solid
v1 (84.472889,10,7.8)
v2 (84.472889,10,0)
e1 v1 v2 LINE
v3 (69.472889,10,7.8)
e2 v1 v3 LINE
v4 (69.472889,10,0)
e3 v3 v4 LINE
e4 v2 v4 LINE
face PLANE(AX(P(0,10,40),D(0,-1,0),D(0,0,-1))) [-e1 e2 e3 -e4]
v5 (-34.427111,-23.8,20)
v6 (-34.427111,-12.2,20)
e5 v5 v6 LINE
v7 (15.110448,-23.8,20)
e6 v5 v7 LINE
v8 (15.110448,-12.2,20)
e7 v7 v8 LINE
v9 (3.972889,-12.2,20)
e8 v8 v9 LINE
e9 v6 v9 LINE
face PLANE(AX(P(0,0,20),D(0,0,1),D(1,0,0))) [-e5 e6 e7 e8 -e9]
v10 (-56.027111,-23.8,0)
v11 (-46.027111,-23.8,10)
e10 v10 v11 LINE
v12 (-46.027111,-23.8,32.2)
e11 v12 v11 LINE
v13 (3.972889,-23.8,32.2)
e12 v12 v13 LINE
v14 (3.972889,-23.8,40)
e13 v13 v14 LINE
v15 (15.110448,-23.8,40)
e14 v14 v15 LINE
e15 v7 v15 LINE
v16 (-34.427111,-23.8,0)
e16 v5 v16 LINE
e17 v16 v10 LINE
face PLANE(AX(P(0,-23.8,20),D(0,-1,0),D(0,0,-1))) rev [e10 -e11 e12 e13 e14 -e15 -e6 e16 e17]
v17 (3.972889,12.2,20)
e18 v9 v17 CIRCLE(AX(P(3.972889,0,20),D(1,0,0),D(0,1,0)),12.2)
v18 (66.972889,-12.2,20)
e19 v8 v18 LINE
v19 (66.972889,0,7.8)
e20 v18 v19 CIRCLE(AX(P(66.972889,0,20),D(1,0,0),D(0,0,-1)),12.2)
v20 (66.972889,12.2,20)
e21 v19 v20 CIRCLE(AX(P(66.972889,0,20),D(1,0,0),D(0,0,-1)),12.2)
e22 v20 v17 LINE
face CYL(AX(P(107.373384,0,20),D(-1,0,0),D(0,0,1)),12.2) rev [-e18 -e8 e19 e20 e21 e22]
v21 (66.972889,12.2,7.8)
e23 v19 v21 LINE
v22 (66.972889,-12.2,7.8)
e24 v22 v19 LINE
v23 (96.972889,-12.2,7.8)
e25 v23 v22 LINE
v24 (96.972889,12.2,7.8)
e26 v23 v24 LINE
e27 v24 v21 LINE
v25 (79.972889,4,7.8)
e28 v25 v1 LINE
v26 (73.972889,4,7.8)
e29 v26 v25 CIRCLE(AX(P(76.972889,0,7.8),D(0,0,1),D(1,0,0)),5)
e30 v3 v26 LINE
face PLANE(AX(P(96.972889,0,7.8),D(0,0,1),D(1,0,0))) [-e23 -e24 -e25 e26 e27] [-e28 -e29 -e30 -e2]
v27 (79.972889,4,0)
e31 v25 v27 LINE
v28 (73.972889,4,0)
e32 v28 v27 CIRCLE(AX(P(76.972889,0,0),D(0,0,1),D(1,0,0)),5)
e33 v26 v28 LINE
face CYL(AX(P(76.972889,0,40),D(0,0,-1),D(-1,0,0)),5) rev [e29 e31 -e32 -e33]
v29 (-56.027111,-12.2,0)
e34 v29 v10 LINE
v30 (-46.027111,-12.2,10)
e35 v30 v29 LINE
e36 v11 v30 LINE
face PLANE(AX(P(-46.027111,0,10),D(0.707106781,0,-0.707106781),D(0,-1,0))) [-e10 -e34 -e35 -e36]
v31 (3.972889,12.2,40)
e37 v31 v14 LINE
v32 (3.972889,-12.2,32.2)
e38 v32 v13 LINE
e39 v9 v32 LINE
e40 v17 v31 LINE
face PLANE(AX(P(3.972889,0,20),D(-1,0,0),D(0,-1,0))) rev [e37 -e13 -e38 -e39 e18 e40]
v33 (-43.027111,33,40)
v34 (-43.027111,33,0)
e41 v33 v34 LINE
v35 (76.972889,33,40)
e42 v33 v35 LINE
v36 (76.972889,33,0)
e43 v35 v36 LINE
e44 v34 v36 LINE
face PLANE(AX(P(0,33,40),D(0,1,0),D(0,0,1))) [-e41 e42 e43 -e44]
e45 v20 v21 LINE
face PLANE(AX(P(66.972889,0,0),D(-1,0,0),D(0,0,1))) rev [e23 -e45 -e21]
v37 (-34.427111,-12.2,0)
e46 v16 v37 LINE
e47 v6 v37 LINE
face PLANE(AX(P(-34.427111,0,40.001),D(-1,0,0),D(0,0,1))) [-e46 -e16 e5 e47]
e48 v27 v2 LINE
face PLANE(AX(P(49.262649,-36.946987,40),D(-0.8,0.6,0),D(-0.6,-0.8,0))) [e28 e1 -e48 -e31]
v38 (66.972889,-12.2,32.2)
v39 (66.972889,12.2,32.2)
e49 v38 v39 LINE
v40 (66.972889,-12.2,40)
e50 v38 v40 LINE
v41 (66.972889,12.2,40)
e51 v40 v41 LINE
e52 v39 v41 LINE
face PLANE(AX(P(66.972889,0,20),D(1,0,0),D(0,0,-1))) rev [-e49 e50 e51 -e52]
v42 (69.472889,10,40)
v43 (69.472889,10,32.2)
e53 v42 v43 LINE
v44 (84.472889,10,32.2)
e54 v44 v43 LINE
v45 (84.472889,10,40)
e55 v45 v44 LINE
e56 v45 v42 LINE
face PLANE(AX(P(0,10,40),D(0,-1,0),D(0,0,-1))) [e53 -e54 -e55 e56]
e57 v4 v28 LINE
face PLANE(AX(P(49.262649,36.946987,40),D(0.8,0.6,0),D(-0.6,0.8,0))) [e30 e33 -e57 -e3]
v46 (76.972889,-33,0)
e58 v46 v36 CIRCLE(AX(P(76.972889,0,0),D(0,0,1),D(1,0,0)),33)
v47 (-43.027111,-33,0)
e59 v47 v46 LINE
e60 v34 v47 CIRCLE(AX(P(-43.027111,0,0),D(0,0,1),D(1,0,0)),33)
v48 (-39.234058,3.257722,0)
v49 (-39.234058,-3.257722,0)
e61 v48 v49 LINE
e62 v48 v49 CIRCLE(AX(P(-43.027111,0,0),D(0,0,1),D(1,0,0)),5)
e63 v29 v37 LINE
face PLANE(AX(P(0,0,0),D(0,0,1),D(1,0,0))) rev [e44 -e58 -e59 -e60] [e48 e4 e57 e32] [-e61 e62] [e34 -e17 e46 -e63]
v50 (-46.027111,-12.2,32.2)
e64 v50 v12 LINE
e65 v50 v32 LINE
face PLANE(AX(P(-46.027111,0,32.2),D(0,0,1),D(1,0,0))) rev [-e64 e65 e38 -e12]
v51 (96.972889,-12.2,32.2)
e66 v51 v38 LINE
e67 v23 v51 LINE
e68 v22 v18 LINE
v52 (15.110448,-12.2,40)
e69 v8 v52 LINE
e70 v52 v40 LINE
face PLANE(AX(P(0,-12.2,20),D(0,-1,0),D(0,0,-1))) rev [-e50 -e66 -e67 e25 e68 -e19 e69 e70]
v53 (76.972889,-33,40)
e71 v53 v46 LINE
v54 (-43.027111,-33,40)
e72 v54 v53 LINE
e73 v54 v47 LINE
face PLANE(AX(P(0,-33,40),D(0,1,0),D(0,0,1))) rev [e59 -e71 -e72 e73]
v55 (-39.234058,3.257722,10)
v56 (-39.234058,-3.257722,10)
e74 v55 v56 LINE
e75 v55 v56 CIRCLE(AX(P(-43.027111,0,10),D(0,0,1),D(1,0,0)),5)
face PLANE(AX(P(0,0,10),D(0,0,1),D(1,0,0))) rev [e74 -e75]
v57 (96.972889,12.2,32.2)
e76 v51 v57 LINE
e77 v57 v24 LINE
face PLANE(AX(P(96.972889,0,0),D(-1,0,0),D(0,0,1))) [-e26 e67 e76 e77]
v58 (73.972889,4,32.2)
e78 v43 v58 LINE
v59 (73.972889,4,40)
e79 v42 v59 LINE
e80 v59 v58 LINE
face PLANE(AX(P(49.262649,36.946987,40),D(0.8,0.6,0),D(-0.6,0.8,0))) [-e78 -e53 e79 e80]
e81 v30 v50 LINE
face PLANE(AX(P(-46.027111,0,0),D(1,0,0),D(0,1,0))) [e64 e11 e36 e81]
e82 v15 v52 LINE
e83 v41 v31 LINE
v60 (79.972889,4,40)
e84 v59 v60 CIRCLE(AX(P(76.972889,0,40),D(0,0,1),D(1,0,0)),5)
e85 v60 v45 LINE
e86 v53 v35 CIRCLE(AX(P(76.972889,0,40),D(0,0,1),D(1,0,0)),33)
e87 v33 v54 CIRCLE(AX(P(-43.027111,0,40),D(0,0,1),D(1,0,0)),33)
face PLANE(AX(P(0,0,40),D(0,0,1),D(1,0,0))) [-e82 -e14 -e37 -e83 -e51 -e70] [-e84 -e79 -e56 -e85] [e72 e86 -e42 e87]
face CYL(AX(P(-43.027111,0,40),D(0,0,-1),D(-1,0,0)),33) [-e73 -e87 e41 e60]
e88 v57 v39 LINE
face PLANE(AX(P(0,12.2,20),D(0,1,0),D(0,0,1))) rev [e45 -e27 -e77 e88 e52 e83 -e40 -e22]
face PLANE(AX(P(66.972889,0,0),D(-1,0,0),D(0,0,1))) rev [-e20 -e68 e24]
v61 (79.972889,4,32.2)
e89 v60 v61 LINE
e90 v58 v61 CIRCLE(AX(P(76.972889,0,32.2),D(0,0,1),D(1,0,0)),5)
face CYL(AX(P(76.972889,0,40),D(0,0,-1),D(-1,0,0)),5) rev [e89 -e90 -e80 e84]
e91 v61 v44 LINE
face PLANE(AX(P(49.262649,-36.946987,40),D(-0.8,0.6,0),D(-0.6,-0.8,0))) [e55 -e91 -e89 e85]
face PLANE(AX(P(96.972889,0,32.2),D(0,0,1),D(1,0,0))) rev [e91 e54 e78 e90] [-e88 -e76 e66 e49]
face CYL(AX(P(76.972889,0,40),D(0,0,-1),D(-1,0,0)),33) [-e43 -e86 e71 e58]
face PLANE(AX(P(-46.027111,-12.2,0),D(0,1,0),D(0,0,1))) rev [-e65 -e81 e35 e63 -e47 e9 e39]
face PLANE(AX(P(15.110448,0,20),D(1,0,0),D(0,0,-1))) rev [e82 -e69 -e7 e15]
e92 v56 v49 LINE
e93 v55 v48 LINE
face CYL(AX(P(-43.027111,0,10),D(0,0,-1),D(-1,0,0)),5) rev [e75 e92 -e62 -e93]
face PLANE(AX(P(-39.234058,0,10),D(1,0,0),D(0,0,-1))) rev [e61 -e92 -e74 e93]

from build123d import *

# Parameters (mm, degrees)
SALIENTE_EXTRUIR1_DEPTH = 40
CORTAR_EXTRUIR2_DEPTH   = 10
CORTAR_EXTRUIR4_DEPTH   = 20
CROQUIS6_R              = 12.2
CORTAR_EXTRUIR6_DEPTH   = 63
CROQUIS7_W              = 24.4
CROQUIS7_H              = 24.4
CORTAR_EXTRUIR9_DEPTH   = 30
CROQUIS8_W              = 12.2
CROQUIS8_H              = 11.6
CORTAR_EXTRUIR10_DEPTH  = 50
CORTAR_EXTRUIR11_REACH  = 123.586
CROQUIS9_W              = 11.6
CROQUIS9_H              = 11.6
CHAFL_N1_SIZE           = 10


with BuildPart() as part:
    # Croquis1 → Saliente-Extruir1 (new body)
    with BuildSketch(Plane.XY):
        with BuildLine():
            Line((76.972889038, 33), (-43.027110962, 33))
            ThreePointArc((-43.027110962, 33), (-76.027110962, 0), (-43.027110962, -33))
            Line((-43.027110962, -33), (76.972889038, -33))
            ThreePointArc((76.972889038, -33), (109.972889038, 0), (76.972889038, 33))
        make_face()
        with BuildLine():
            Line((69.472889038, 10), (84.472889038, 10))
            Line((84.472889038, 10), (79.972889038, 4))
            ThreePointArc((79.972889038, 4), (76.972889038, -5), (73.972889038, 4))
            Line((73.972889038, 4), (69.472889038, 10))
        make_face(mode=Mode.SUBTRACT)
    extrude(amount=SALIENTE_EXTRUIR1_DEPTH)

    # Croquis1<4> → Cortar-Extruir2 (cut)
    with BuildSketch(Plane.XY):
        with BuildLine():
            Line((-39.234058455, -3.257722008), (-39.234058455, 3.257722008))
            ThreePointArc((-39.234058455, 3.257722008), (-48.027110962, 0), (-39.234058455, -3.257722008))
        make_face()
    extrude(amount=CORTAR_EXTRUIR2_DEPTH, mode=Mode.SUBTRACT)

    # Croquis5 → Cortar-Extruir4 (cut)
    with BuildSketch(Plane.XY.offset(40)):
        Polygon((66.972889038, -12.2), (66.972889038, 12.2), (3.972889038, 12.2), (3.972889038, -23.8), (15.110447518, -23.8), (15.110447518, -12.2), align=None)
    extrude(amount=-CORTAR_EXTRUIR4_DEPTH, mode=Mode.SUBTRACT)

    # Croquis6 → Cortar-Extruir6 (cut)
    with BuildSketch(Plane(origin=(3.972889038, 0, 0), x_dir=(0, 0, -1), z_dir=(1, 0, 0))):
        with Locations((-20, 0)):
            Circle(CROQUIS6_R)
        with BuildLine():
            ThreePointArc((-20, -12.2), (-32.2, 0), (-20, 12.2))
            Line((-20, 12.2), (-40, 12.2))
            Line((-40, 12.2), (-40, -12.2))
            Line((-40, -12.2), (-20, -12.2))
        make_face()
    extrude(amount=CORTAR_EXTRUIR6_DEPTH, mode=Mode.SUBTRACT)

    # Croquis7 → Cortar-Extruir9 (cut)
    with BuildSketch(Plane.ZY.offset(-66.972889038)):
        with Locations((20, 0)):
            Rectangle(CROQUIS7_W, CROQUIS7_H)
    extrude(amount=-CORTAR_EXTRUIR9_DEPTH, mode=Mode.SUBTRACT)

    # Croquis8 → Cortar-Extruir10 (cut)
    with BuildSketch(Plane(origin=(3.972889038, 0, 0), x_dir=(0, 0, -1), z_dir=(1, 0, 0))):
        with Locations((-26.1, -18)):
            Rectangle(CROQUIS8_W, CROQUIS8_H)
    extrude(amount=-CORTAR_EXTRUIR10_DEPTH, mode=Mode.SUBTRACT)

    # Croquis9 → Cortar-Extruir11 (cut, up to next)
    with BuildSketch(Plane(origin=(0, 0, 0), x_dir=(-1, 0, 0), z_dir=(0, 0, -1)), mode=Mode.PRIVATE) as cortar_extruir11_sk1:
        with Locations((40.227110962, -18)):
            Rectangle(CROQUIS9_W, CROQUIS9_H)
    cortar_extruir11_tool1 = extrude(cortar_extruir11_sk1.sketch, amount=-CORTAR_EXTRUIR11_REACH, mode=Mode.PRIVATE) & part.part
    add(cortar_extruir11_tool1.solids().sort_by_distance((-40.227111, -18, 0))[0], mode=Mode.SUBTRACT)

    # Chaflán1
    chafl_n1_edges = [part.edges().sort_by_distance(p)[0] for p in [
        (-46.027110962, -18, 0),
    ]]
    chamfer(chafl_n1_edges, length=CHAFL_N1_SIZE)


solid = part.part
